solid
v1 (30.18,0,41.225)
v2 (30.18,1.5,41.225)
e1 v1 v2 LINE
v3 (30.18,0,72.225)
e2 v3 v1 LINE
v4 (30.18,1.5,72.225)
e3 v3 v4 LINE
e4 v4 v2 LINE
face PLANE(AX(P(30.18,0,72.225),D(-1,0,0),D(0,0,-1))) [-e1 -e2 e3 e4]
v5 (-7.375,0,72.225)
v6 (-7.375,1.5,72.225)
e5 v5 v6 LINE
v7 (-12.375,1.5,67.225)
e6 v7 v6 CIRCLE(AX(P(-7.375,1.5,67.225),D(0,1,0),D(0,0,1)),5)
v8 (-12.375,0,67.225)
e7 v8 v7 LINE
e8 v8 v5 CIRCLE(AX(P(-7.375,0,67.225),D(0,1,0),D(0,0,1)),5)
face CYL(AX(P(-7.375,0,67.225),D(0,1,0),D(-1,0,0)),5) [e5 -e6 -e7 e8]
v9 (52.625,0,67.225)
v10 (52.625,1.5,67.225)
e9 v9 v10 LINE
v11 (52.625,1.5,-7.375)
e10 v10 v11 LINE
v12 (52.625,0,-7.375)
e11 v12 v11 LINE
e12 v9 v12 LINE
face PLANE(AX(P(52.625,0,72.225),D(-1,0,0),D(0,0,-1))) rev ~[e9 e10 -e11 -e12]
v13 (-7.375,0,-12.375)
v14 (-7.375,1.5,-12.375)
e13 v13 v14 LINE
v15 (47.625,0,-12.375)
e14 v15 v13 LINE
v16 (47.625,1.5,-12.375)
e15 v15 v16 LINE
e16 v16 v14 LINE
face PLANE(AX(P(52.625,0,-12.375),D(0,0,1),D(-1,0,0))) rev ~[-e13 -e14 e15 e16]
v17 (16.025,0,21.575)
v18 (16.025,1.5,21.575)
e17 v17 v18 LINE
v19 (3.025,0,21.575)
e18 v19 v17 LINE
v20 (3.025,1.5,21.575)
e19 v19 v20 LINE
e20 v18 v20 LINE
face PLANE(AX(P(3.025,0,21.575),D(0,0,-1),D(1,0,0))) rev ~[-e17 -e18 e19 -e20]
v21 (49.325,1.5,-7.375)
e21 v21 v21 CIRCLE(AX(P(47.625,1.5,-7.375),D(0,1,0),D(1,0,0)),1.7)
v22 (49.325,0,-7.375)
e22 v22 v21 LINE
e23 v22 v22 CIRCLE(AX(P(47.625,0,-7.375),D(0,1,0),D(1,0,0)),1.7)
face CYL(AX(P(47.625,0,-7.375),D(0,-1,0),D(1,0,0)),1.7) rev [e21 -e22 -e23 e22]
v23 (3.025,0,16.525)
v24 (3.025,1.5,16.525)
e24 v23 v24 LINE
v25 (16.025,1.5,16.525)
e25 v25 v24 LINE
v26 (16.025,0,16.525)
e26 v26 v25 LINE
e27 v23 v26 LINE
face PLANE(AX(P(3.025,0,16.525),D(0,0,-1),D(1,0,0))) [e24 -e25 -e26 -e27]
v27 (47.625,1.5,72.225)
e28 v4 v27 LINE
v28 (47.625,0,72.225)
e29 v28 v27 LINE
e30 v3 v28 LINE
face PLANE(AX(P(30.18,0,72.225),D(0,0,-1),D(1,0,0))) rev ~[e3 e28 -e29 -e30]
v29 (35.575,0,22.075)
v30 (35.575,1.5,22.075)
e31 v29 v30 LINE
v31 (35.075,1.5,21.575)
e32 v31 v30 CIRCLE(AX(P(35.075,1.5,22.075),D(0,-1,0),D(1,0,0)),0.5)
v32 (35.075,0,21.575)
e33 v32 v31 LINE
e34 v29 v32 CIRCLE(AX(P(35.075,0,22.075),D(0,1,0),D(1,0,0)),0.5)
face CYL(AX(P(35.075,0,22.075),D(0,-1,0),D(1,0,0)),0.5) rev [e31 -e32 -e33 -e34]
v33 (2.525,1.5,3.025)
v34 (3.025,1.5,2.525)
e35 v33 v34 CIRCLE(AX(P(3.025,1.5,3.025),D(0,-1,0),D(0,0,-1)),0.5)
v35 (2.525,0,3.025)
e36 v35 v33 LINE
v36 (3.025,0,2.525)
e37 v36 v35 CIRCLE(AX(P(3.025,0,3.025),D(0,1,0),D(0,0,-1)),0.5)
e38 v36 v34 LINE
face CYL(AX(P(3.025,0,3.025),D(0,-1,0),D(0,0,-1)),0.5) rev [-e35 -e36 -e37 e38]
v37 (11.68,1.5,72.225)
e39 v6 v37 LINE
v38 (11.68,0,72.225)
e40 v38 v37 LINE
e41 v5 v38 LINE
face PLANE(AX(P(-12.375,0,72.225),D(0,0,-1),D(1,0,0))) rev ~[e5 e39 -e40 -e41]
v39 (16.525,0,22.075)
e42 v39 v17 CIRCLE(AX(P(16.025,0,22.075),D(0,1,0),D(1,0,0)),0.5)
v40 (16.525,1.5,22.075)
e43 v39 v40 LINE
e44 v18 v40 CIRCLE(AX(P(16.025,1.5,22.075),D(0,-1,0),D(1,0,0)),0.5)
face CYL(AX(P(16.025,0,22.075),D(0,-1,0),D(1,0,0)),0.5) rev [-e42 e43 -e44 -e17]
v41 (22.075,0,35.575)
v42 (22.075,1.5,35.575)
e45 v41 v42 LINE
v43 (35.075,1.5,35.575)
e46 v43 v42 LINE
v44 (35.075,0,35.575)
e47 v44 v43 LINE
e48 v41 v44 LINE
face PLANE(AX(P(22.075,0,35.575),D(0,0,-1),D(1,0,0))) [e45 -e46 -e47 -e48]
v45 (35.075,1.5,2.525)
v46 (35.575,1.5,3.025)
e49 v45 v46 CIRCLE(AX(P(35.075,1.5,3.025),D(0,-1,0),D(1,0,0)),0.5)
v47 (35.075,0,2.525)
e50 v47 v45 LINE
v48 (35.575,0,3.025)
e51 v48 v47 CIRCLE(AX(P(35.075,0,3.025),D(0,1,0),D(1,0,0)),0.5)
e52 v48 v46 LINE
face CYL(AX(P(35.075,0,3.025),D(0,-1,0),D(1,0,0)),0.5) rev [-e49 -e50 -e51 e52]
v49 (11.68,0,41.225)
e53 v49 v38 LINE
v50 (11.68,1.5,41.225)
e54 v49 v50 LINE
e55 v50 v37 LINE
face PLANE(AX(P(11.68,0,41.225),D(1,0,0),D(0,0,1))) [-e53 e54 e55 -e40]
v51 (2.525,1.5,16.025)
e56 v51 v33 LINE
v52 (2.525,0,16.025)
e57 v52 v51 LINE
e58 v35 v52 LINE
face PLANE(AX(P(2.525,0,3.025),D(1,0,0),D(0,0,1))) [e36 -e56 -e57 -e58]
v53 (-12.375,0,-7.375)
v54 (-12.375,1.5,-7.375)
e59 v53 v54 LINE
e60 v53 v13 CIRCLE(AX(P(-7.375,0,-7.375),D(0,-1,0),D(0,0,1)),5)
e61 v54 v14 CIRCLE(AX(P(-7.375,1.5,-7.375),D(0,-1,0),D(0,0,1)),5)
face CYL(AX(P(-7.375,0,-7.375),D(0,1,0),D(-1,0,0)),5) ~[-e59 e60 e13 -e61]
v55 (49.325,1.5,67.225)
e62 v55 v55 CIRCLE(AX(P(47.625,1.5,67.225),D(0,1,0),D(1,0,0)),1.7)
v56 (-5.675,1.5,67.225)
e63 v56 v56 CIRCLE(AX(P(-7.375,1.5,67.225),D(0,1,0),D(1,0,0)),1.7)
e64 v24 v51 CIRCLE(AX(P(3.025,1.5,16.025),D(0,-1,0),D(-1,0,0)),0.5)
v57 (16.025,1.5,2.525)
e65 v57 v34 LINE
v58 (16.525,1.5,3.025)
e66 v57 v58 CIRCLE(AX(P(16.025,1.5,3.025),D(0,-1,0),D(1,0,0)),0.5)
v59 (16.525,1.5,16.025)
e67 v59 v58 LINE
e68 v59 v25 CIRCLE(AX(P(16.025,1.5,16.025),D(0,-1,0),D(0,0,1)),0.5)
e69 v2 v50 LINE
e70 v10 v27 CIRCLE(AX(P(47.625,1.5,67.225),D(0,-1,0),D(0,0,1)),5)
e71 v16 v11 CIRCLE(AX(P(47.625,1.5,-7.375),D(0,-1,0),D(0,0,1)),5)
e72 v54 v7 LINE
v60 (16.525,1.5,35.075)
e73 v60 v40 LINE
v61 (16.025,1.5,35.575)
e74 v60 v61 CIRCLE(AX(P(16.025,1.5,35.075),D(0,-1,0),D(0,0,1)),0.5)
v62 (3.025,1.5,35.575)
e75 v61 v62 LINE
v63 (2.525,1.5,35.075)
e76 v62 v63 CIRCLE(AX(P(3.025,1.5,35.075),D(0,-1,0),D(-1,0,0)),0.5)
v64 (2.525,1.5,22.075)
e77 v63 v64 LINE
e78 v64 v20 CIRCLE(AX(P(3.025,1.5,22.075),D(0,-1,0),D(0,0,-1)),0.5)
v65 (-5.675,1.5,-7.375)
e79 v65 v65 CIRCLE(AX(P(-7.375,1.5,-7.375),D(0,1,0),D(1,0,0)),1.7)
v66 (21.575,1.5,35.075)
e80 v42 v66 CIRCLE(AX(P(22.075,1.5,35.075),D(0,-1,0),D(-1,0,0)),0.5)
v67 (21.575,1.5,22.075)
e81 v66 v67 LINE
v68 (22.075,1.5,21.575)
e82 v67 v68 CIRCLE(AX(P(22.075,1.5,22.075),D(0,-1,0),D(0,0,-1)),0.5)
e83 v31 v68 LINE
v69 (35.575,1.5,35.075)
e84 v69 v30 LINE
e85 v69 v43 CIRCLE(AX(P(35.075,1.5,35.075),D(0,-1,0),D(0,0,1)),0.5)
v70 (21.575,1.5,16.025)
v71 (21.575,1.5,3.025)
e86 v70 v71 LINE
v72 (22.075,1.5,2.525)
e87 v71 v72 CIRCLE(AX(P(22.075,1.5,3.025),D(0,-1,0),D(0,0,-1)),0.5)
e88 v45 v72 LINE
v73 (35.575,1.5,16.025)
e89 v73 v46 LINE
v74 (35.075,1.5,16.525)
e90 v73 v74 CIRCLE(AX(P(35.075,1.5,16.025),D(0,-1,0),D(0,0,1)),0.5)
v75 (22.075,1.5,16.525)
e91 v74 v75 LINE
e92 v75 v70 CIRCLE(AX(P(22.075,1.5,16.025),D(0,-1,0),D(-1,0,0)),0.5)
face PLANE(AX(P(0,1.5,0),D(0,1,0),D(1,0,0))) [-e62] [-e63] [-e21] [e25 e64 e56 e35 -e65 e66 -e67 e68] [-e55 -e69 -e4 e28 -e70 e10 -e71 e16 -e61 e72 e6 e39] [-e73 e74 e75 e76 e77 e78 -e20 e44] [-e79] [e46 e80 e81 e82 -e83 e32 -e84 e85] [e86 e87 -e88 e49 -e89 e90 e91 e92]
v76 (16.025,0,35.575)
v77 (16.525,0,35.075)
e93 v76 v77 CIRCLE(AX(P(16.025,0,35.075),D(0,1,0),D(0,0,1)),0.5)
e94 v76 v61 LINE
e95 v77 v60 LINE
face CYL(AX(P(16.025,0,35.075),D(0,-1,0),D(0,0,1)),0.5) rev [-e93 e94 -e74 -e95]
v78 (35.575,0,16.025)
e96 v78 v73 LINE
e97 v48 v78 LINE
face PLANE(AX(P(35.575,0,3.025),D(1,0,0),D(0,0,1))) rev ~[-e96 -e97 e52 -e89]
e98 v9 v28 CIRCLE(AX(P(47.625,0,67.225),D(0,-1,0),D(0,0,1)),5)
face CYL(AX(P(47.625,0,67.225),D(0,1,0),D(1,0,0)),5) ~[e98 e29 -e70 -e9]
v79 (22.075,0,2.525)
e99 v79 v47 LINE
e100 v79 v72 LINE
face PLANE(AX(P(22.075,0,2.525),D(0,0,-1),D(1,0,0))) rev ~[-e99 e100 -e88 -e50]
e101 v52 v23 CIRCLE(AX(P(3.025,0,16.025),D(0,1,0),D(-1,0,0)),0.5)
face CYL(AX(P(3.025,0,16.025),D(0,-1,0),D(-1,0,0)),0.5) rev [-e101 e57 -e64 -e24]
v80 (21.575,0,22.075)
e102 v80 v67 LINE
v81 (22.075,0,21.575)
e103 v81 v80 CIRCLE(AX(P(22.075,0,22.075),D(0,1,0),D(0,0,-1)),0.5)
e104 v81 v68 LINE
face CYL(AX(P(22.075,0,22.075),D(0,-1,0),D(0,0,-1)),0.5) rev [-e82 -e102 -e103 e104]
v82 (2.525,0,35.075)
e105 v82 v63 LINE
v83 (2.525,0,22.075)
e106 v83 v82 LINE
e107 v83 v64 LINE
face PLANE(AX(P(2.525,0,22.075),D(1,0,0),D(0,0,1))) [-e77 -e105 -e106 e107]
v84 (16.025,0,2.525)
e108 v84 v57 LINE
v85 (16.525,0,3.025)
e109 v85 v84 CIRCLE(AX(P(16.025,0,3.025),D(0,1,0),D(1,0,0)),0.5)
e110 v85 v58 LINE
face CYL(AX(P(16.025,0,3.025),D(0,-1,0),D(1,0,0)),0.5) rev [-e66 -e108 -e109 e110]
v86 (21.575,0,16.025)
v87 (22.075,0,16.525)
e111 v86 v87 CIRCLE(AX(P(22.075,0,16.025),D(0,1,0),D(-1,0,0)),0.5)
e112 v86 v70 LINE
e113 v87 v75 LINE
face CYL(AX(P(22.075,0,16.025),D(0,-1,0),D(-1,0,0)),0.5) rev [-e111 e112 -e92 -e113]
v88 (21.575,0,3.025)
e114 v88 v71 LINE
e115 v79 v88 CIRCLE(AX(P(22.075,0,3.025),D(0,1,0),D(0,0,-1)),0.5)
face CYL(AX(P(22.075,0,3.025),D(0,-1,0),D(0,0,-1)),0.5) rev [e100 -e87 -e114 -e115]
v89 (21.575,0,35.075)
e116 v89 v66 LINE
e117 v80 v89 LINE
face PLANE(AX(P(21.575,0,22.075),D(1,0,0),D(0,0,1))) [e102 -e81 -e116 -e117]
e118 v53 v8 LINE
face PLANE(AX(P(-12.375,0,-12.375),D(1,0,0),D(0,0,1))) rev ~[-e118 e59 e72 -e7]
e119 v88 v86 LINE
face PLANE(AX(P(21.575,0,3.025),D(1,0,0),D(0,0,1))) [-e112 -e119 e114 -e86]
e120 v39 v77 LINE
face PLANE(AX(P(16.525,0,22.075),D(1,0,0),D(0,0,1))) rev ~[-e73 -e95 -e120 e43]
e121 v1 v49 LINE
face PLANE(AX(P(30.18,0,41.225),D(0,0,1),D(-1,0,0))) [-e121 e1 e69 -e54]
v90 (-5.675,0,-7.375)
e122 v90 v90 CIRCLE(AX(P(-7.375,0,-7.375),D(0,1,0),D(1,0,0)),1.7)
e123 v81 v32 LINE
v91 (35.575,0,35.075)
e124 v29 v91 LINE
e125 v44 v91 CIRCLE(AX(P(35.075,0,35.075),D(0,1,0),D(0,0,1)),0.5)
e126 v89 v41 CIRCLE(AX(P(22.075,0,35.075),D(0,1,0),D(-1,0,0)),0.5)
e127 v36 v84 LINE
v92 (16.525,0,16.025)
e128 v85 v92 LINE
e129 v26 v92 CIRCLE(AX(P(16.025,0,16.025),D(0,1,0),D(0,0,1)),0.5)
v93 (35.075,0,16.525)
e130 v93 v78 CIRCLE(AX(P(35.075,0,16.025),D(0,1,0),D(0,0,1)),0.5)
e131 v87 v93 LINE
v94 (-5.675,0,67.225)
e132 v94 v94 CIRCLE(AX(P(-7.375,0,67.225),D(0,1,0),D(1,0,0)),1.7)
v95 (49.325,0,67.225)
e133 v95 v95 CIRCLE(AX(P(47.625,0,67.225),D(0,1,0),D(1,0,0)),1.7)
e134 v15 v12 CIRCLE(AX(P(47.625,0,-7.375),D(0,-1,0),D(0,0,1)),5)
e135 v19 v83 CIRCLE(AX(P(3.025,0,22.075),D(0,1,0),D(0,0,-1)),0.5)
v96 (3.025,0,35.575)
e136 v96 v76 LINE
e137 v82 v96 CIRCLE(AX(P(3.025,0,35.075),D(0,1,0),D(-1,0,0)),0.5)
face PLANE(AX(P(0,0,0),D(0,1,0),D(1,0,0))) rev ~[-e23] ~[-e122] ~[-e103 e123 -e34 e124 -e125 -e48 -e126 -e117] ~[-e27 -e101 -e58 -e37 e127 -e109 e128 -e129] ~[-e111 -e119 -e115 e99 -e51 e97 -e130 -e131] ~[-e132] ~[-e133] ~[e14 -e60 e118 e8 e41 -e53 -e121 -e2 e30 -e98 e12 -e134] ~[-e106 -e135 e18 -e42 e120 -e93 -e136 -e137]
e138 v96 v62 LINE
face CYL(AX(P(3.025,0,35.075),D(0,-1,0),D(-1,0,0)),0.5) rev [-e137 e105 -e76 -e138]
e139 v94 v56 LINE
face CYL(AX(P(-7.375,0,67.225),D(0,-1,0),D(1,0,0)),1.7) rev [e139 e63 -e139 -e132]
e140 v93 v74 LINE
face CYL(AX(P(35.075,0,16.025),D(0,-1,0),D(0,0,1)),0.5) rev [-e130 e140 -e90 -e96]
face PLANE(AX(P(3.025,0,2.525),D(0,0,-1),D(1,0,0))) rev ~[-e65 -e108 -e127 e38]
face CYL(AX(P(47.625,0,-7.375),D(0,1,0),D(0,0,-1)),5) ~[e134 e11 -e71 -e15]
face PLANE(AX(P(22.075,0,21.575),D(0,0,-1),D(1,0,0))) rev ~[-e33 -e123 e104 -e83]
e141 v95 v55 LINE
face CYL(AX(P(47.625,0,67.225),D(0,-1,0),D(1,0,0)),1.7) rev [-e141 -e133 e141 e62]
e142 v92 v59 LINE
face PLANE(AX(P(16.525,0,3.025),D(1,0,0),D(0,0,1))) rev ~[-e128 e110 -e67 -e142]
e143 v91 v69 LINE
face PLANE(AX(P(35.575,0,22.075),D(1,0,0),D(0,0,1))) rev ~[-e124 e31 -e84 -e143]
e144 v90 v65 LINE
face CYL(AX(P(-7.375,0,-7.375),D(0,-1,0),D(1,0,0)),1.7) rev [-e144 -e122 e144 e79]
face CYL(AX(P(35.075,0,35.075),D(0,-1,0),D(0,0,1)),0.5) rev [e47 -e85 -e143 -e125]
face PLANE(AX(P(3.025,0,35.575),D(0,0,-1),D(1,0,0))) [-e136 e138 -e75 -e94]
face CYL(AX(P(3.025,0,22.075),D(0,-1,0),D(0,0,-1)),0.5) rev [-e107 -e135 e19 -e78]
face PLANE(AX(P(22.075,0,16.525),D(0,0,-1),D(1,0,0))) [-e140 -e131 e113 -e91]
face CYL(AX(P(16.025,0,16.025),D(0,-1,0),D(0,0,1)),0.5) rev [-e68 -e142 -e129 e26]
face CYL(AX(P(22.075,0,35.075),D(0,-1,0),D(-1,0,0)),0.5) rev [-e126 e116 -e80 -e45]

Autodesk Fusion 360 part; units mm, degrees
sketch "plate-2025-12-11T20_48_07.428Z" plane through (0, 0, 0) normal (0, 1, 0) x (1, 0, 0)
sketch "plate-2025-12-11T20_48_07.428Z (1)" plane through (0, 0, 0) normal (0, 1, 0) x (1, 0, 0)
  line L0 (3.025, -2.525) -> (16.025, -2.525)
  line L1 (3.025, -16.525) -> (16.025, -16.525)
  line L2 (2.525, -3.025) -> (2.525, -16.025)
  line L3 (16.525, -3.025) -> (16.525, -16.025)
  arc A0 (3.025, -2.525) -> (2.525, -3.025) centre (3.025, -3.025) ccw
  arc A1 (16.525, -3.025) -> (16.025, -2.525) centre (16.025, -3.025) ccw
  arc A2 (2.525, -16.025) -> (3.025, -16.525) centre (3.025, -16.025) ccw
  arc A3 (16.025, -16.525) -> (16.525, -16.025) centre (16.025, -16.025) ccw
  line L4 (22.075, -2.525) -> (35.075, -2.525)
  line L5 (22.075, -16.525) -> (35.075, -16.525)
  line L6 (21.575, -3.025) -> (21.575, -16.025)
  line L7 (35.575, -3.025) -> (35.575, -16.025)
  arc A4 (22.075, -2.525) -> (21.575, -3.025) centre (22.075, -3.025) ccw
  arc A5 (35.575, -3.025) -> (35.075, -2.525) centre (35.075, -3.025) ccw
  arc A6 (21.575, -16.025) -> (22.075, -16.525) centre (22.075, -16.025) ccw
  arc A7 (35.075, -16.525) -> (35.575, -16.025) centre (35.075, -16.025) ccw
  line L8 (3.025, -21.575) -> (16.025, -21.575)
  line L9 (3.025, -35.575) -> (16.025, -35.575)
  line L10 (2.525, -22.075) -> (2.525, -35.075)
  line L11 (16.525, -22.075) -> (16.525, -35.075)
  arc A8 (3.025, -21.575) -> (2.525, -22.075) centre (3.025, -22.075) ccw
  arc A9 (16.525, -22.075) -> (16.025, -21.575) centre (16.025, -22.075) ccw
  arc A10 (2.525, -35.075) -> (3.025, -35.575) centre (3.025, -35.075) ccw
  arc A11 (16.025, -35.575) -> (16.525, -35.075) centre (16.025, -35.075) ccw
  line L12 (22.075, -21.575) -> (35.075, -21.575)
  line L13 (22.075, -35.575) -> (35.075, -35.575)
  line L14 (21.575, -22.075) -> (21.575, -35.075)
  line L15 (35.575, -22.075) -> (35.575, -35.075)
  arc A12 (22.075, -21.575) -> (21.575, -22.075) centre (22.075, -22.075) ccw
  arc A13 (35.575, -22.075) -> (35.075, -21.575) centre (35.075, -22.075) ccw
  arc A14 (21.575, -35.075) -> (22.075, -35.575) centre (22.075, -35.075) ccw
  arc A15 (35.075, -35.575) -> (35.575, -35.075) centre (35.075, -35.075) ccw
sketch "Sketch5" plane through (0, 0, 0) normal (0, 1, 0) x (1, 0, 0)
  line L0 (-12.375, -72.225) -> (52.625, -72.225)
  line L1 (52.625, -72.225) -> (52.625, 12.375)
  line L2 (52.625, 12.375) -> (-12.375, 12.375)
  line L3 (-12.375, 12.375) -> (-12.375, -72.225)
  line L4 (3.025, -2.525) -> (16.025, -2.525)
  line L5 (2.525, -3.025) -> (2.525, -16.025)
  line L6 (11.68, -72.225) -> (30.18, -72.225)
  line L7 (30.18, -72.225) -> (30.18, -41.225)
  line L8 (30.18, -41.225) -> (11.68, -41.225)
  line L9 (11.68, -41.225) -> (11.68, -72.225)
  circle A0 centre (-7.375, -67.225) radius 1.7
  circle A1 centre (47.625, -67.225) radius 1.7
  circle A2 centre (47.625, 7.375) radius 1.7
  circle A3 centre (-7.375, 7.375) radius 1.7
  dimension "d1" = 84.6
  dimension "d2" = 65
  dimension "d3" = 14.9
  dimension "d4" = 14.9
  dimension "d5" = 31
  dimension "d6" = 18.5
  dimension "d7" = 24.055
  dimension "d8" = 3.4
  dimension "d9" = 5
  dimension "d10" = 3.4
  dimension "d11" = 5
  dimension "d12" = 3.4
  dimension "d13" = 5
  dimension "d14" = 3.4
  dimension "d15" = 5
  dimension "d16" = 5
  dimension "d17" = 5
  dimension "d18" = 5
  dimension "d19" = 5
extrude "Extrude1" add sketch "Sketch5" along normal blind 1.5 contours L0 L1 L2 L3 L7 L8 L9
extrude "Extrude2" cut sketch "plate-2025-12-11T20_48_07.428Z (1)" along normal through all
fillet "Fillet1" radius 5 4 edges at (-12.375, 0.75, 72.225) (52.625, 0.75, 72.225) (52.625, 0.75, -12.375) (-12.375, 0.75, -12.375)
